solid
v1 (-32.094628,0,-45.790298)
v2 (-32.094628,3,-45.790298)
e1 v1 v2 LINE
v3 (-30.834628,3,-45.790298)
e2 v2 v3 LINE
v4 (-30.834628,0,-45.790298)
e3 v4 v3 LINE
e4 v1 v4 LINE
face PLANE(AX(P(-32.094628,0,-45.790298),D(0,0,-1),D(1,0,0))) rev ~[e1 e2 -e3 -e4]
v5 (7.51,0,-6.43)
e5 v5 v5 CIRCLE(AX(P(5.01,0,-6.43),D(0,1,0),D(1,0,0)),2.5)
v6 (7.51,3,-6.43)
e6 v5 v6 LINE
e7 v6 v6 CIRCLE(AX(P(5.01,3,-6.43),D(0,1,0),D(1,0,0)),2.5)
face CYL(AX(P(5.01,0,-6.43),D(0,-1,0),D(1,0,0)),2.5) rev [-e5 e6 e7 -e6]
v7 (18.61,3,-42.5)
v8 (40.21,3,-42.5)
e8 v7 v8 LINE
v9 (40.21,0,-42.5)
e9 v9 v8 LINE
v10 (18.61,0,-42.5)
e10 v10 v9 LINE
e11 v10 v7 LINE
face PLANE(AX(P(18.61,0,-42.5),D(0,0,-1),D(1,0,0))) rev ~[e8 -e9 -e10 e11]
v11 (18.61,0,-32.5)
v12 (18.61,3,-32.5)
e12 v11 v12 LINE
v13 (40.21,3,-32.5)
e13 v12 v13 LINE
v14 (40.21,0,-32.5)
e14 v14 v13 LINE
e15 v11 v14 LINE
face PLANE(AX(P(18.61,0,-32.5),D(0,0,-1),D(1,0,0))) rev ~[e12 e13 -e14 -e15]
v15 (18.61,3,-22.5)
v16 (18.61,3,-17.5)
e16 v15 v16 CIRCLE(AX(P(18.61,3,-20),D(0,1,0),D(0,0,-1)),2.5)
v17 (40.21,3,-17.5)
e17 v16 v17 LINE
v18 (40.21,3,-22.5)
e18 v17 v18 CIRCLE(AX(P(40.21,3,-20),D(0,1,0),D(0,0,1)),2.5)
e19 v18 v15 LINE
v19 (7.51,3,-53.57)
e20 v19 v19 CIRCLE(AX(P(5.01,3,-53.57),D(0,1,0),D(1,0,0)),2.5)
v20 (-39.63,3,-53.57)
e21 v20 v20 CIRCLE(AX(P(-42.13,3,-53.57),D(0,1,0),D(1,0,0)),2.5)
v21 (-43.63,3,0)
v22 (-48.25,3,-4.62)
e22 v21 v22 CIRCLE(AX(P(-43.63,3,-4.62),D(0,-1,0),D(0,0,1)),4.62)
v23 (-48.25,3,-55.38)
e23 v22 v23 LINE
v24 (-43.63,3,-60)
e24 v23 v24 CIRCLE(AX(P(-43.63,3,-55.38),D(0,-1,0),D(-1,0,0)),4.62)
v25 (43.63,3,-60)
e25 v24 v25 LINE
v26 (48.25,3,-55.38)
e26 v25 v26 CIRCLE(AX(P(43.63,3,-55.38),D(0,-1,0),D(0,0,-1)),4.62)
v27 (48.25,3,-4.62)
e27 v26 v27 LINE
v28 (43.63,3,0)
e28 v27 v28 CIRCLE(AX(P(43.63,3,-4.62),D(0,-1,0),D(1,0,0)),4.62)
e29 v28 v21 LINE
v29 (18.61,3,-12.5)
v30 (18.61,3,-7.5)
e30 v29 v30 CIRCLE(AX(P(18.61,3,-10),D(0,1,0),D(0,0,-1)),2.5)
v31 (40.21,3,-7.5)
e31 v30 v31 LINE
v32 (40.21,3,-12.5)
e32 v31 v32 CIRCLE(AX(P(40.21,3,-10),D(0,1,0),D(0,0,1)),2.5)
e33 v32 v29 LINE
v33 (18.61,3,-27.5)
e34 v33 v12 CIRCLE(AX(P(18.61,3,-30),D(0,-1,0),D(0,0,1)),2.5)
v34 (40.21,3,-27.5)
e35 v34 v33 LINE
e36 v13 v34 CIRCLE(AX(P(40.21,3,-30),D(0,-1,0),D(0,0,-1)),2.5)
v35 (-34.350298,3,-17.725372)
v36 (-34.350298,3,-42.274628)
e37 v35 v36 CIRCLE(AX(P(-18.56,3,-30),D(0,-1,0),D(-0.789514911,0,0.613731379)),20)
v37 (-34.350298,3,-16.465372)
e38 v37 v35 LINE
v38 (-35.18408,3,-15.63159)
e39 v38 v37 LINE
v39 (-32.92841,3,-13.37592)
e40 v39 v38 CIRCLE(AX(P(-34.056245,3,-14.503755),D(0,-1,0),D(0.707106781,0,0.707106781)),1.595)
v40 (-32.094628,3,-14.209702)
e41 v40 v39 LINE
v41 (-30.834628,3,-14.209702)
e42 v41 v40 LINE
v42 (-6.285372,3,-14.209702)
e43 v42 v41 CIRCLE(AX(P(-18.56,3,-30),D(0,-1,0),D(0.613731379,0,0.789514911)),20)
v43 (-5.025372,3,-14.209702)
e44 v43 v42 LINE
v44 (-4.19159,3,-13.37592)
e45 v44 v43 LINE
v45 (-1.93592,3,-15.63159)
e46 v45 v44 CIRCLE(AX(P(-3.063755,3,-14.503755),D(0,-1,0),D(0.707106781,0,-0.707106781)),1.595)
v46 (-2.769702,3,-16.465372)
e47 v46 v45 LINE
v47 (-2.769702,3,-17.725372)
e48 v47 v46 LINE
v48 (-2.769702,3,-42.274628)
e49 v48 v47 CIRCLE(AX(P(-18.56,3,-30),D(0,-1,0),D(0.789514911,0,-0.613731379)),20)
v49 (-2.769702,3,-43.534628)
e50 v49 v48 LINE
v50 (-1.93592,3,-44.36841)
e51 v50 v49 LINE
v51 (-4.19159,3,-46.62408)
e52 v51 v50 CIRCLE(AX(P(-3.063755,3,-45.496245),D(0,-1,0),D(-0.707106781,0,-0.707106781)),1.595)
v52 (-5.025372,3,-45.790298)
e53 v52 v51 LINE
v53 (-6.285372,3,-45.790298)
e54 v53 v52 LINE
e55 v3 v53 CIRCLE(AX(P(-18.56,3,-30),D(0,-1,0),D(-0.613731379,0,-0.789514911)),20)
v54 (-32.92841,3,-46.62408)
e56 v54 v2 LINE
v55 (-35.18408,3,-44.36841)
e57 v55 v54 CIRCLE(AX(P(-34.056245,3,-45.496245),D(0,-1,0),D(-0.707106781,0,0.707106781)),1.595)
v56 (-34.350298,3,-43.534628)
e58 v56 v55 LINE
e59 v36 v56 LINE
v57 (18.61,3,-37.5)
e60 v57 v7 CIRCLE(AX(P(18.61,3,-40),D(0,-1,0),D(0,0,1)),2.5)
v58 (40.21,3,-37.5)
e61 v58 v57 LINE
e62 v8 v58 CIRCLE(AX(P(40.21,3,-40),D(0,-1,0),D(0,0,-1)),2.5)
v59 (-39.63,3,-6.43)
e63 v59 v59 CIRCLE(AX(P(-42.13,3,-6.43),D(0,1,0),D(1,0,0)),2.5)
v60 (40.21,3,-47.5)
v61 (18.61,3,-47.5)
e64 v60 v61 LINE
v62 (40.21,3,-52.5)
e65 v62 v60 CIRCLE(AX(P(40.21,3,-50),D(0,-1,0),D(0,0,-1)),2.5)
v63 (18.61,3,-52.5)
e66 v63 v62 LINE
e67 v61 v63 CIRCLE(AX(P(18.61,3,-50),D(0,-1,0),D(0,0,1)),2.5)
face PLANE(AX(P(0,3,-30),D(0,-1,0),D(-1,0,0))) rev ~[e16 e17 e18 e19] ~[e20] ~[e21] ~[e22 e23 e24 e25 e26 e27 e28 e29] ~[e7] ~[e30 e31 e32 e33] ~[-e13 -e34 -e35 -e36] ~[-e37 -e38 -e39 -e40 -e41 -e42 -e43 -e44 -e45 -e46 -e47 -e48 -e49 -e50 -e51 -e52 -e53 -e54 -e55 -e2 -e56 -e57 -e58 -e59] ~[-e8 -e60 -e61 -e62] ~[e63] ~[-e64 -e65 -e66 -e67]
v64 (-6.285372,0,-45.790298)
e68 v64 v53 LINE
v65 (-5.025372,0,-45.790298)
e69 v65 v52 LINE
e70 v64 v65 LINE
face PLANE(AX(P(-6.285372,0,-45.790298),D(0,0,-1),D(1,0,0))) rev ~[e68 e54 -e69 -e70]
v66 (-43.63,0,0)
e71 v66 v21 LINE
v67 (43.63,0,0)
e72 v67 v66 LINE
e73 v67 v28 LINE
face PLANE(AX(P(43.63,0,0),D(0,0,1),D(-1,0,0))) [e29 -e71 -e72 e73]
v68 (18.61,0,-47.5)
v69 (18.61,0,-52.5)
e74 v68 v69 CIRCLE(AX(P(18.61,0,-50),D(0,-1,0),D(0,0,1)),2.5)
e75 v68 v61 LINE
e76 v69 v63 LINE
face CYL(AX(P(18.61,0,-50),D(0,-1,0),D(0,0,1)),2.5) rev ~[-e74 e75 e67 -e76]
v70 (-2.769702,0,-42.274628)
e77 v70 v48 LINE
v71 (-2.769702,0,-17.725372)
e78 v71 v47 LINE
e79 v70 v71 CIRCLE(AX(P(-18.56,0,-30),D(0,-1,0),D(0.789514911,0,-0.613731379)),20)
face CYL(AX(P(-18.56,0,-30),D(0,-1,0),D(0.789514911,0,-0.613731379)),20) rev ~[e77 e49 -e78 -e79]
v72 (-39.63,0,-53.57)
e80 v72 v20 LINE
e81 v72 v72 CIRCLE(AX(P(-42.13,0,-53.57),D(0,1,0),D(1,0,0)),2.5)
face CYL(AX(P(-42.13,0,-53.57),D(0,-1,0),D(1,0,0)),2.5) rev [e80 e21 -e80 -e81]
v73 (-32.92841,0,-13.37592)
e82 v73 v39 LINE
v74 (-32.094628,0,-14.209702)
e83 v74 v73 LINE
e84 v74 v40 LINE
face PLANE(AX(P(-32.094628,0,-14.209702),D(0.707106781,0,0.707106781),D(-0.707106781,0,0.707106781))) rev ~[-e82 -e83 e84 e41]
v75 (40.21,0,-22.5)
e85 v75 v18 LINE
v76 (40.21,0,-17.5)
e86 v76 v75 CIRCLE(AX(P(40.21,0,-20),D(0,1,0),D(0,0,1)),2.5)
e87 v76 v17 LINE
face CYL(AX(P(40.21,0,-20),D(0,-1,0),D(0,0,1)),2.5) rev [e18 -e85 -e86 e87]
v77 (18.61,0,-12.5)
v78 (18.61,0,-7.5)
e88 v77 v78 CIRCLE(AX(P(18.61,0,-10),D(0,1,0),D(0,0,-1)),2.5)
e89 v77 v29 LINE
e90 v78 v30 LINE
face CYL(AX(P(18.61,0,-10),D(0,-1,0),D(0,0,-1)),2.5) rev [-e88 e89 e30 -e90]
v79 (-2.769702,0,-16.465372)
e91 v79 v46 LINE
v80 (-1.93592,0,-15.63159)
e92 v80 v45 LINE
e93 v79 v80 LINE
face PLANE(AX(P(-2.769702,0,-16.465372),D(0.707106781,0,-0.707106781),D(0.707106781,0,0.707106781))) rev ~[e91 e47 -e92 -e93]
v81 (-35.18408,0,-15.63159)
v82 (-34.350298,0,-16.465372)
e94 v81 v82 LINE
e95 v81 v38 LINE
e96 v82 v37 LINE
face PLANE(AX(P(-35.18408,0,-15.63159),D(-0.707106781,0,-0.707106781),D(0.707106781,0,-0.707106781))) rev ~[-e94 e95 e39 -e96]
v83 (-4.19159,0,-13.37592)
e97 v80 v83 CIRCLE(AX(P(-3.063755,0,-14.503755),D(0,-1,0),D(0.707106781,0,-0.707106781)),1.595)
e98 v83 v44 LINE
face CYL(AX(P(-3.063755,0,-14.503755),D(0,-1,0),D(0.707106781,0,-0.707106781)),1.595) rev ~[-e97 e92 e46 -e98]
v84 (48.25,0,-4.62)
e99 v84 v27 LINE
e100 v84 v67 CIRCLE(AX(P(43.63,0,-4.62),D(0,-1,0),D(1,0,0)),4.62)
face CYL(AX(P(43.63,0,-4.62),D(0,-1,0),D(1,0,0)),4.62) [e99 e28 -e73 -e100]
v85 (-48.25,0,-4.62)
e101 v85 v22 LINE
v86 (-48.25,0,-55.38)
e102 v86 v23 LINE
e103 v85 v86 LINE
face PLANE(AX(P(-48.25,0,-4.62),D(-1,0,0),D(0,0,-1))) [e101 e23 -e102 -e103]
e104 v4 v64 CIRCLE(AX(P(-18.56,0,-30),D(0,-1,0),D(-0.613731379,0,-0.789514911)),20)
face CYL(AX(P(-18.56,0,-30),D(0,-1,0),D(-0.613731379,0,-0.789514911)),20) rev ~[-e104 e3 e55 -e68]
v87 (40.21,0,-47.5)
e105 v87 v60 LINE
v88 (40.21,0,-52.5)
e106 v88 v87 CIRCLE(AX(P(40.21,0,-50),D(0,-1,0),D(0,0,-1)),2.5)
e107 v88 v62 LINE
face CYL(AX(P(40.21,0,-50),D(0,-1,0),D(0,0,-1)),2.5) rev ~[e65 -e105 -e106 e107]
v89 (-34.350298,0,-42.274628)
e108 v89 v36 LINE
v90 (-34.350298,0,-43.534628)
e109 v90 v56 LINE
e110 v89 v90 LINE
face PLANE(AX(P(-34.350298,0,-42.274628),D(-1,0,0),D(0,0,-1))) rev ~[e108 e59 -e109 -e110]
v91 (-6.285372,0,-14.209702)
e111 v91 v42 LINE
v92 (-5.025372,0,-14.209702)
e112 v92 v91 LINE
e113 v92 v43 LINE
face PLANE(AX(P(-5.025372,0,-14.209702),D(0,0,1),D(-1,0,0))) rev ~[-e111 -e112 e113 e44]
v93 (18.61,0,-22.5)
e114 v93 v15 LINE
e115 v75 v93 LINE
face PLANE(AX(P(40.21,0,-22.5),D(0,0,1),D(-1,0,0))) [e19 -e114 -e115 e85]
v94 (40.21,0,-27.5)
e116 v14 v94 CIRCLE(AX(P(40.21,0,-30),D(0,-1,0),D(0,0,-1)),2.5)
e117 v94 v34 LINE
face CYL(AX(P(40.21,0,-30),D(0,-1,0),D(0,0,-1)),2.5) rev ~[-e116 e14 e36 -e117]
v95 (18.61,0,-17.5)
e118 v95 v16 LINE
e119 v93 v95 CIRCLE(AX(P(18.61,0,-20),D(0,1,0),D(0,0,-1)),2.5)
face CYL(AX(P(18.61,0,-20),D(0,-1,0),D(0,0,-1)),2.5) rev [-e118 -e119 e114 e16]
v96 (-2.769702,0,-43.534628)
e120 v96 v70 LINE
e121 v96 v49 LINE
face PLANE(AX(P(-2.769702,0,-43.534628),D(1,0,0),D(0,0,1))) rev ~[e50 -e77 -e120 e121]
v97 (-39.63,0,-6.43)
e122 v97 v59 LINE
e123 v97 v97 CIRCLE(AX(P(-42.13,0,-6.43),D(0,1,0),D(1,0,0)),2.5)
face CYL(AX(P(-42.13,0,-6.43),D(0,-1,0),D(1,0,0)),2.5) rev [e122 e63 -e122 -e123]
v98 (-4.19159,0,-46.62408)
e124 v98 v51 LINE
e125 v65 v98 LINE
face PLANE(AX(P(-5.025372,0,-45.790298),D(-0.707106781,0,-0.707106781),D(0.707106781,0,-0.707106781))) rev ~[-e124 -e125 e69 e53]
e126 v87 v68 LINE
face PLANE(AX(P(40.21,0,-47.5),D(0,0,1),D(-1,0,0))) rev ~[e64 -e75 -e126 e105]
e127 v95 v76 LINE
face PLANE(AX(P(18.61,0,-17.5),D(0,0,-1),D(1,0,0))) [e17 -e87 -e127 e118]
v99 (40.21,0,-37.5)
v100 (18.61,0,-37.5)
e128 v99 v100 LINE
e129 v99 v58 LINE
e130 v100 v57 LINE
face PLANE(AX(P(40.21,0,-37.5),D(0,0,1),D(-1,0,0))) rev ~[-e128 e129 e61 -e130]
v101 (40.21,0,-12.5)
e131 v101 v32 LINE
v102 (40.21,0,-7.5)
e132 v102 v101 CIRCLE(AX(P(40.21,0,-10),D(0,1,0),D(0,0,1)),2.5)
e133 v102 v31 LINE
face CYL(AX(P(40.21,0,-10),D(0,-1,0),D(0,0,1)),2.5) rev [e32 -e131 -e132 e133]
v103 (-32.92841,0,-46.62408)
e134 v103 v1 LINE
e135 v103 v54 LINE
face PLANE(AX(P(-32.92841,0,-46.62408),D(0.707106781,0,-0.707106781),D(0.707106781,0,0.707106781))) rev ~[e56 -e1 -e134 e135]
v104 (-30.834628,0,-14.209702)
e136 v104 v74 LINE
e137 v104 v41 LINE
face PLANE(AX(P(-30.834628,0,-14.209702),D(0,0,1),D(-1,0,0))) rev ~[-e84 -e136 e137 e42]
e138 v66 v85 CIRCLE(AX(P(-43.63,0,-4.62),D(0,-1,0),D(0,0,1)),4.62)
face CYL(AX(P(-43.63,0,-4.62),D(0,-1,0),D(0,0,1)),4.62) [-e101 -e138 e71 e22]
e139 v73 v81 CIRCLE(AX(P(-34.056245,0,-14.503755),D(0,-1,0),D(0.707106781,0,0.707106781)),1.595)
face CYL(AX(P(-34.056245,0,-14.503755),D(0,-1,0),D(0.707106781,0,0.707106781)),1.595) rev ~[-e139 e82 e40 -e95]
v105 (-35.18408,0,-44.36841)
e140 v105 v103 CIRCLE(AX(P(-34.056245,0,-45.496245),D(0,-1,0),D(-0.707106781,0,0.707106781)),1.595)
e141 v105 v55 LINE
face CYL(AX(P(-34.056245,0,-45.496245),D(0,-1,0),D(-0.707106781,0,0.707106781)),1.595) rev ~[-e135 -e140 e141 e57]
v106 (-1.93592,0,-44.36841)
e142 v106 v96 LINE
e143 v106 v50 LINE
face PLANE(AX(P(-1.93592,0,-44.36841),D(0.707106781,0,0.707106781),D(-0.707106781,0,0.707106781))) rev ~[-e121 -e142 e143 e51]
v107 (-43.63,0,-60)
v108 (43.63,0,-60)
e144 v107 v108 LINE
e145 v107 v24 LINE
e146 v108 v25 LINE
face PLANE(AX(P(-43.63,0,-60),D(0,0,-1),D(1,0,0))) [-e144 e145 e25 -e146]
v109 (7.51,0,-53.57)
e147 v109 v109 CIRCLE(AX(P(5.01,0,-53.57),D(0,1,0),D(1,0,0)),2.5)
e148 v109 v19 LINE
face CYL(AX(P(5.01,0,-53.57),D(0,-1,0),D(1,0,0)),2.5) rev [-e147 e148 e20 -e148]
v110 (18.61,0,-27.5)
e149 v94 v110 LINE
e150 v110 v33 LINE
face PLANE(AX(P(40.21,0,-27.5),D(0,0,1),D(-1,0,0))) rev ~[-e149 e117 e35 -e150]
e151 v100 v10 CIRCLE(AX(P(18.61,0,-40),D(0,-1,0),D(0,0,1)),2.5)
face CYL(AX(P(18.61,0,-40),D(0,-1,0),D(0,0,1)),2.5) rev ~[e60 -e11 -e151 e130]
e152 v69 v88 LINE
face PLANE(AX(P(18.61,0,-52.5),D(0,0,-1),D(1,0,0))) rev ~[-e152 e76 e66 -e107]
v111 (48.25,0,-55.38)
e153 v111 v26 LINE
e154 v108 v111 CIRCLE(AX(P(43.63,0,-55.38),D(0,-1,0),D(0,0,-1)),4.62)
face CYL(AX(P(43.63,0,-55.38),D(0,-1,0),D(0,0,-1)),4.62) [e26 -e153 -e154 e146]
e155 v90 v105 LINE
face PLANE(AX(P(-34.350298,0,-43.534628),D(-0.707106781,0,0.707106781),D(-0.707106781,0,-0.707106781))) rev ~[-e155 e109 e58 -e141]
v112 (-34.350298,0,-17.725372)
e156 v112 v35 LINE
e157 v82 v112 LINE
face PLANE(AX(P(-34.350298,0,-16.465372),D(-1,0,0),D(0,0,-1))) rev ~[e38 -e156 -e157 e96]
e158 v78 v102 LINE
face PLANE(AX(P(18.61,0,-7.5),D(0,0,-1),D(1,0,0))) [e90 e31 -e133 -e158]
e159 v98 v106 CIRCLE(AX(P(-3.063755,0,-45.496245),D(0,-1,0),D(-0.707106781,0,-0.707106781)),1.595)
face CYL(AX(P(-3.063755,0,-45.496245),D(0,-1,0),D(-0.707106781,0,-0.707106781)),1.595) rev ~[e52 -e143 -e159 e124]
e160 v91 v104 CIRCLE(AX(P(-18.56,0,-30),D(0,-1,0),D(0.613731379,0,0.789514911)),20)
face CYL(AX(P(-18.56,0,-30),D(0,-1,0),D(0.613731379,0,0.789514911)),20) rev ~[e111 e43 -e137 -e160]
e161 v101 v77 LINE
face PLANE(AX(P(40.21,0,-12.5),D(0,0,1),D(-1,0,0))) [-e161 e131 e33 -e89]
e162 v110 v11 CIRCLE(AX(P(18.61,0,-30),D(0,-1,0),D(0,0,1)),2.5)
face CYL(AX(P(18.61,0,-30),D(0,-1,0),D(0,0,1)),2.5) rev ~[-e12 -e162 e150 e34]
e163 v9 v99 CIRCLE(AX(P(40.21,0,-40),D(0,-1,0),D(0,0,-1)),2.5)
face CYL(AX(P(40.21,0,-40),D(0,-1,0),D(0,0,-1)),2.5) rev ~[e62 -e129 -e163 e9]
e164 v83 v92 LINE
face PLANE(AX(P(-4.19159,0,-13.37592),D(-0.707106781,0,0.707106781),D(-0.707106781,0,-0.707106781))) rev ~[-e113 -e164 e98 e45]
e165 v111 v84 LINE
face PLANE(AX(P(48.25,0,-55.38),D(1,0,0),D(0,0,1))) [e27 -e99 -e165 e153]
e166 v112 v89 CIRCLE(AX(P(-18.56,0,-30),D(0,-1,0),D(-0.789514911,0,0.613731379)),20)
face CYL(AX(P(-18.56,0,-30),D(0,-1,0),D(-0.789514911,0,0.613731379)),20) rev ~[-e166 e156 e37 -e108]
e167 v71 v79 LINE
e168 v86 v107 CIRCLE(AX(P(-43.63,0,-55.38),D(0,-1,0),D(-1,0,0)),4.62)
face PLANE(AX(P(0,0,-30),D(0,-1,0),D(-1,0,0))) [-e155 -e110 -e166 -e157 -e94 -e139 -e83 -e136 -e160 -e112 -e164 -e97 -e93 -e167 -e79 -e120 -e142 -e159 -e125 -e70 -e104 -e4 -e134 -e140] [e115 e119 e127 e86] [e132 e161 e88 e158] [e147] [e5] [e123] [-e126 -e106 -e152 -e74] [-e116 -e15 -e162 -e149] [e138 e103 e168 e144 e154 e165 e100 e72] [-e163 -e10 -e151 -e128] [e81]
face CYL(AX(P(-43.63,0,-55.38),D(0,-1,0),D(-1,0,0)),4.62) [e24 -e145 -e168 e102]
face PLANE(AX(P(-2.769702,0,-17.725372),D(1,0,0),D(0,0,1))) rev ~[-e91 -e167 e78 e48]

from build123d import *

# Parameters (mm, degrees)
SKETCH2_R           = 2.5
BOSS_EXTRUDE1_DEPTH = 3


with BuildPart() as part:
    # Sketch2 → Boss-Extrude1 (new body)
    with BuildSketch(Plane(origin=(0, 0, 0), x_dir=(1, 0, 0), z_dir=(0, 1, 0))):
        with BuildLine():
            Line((-43.63, 60), (43.63, 60))
            ThreePointArc((43.63, 60), (46.896833329, 58.646833329), (48.25, 55.38))
            Line((48.25, 55.38), (48.25, 4.62))
            ThreePointArc((48.25, 4.62), (46.896833329, 1.353166671), (43.63, 0))
            Line((43.63, 0), (-43.63, 0))
            ThreePointArc((-43.63, 0), (-46.896833329, 1.353166671), (-48.25, 4.62))
            Line((-48.25, 4.62), (-48.25, 55.38))
            ThreePointArc((-48.25, 55.38), (-46.896833329, 58.646833329), (-43.63, 60))
        make_face()
        with Locations((-42.13, 6.43)):
            Circle(SKETCH2_R, mode=Mode.SUBTRACT)
        with Locations((-42.13, 53.57)):
            Circle(SKETCH2_R, mode=Mode.SUBTRACT)
        with Locations((5.01, 53.57)):
            Circle(SKETCH2_R, mode=Mode.SUBTRACT)
        with Locations((5.01, 6.43)):
            Circle(SKETCH2_R, mode=Mode.SUBTRACT)
        with BuildLine():
            Line((18.61, 52.5), (40.21, 52.5))
            ThreePointArc((40.21, 52.5), (42.71, 50), (40.21, 47.5))
            Line((40.21, 47.5), (18.61, 47.5))
            ThreePointArc((18.61, 47.5), (16.11, 50), (18.61, 52.5))
        make_face(mode=Mode.SUBTRACT)
        with BuildLine():
            Line((18.61, 7.5), (40.21, 7.5))
            ThreePointArc((40.21, 7.5), (42.71, 10), (40.21, 12.5))
            Line((40.21, 12.5), (18.61, 12.5))
            ThreePointArc((18.61, 12.5), (16.11, 10), (18.61, 7.5))
        make_face(mode=Mode.SUBTRACT)
        with BuildLine():
            Line((18.61, 32.5), (40.21, 32.5))
            ThreePointArc((40.21, 32.5), (42.71, 30), (40.21, 27.5))
            Line((40.21, 27.5), (18.61, 27.5))
            ThreePointArc((18.61, 27.5), (16.11, 30), (18.61, 32.5))
        make_face(mode=Mode.SUBTRACT)
        with BuildLine():
            Line((18.61, 42.5), (40.21, 42.5))
            ThreePointArc((40.21, 42.5), (42.71, 40), (40.21, 37.5))
            Line((40.21, 37.5), (18.61, 37.5))
            ThreePointArc((18.61, 37.5), (16.11, 40), (18.61, 42.5))
        make_face(mode=Mode.SUBTRACT)
        with BuildLine():
            Line((18.61, 17.5), (40.21, 17.5))
            ThreePointArc((40.21, 17.5), (42.71, 20), (40.21, 22.5))
            Line((40.21, 22.5), (18.61, 22.5))
            ThreePointArc((18.61, 22.5), (16.11, 20), (18.61, 17.5))
        make_face(mode=Mode.SUBTRACT)
        with BuildLine():
            Line((-5.025372417, 45.790298215), (-4.191590206, 46.624080426))
            ThreePointArc((-4.191590206, 46.624080426), (-1.935919574, 46.624080426), (-1.935919574, 44.368409794))
            Line((-1.935919574, 44.368409794), (-2.769701785, 43.534627583))
            Line((-2.769701785, 43.534627583), (-2.769701785, 42.274627583))
            ThreePointArc((-2.769701785, 42.274627583), (1.44, 30), (-2.769701785, 17.725372417))
            Line((-2.769701785, 17.725372417), (-2.769701785, 16.465372417))
            Line((-2.769701785, 16.465372417), (-1.935919574, 15.631590206))
            ThreePointArc((-1.935919574, 15.631590206), (-1.935919574, 13.375919574), (-4.191590206, 13.375919574))
            Line((-4.191590206, 13.375919574), (-5.025372417, 14.209701785))
            Line((-5.025372417, 14.209701785), (-6.285372417, 14.209701785))
            ThreePointArc((-6.285372417, 14.209701785), (-18.56, 10), (-30.834627583, 14.209701785))
            Line((-30.834627583, 14.209701785), (-32.094627583, 14.209701785))
            Line((-32.094627583, 14.209701785), (-32.928409794, 13.375919574))
            ThreePointArc((-32.928409794, 13.375919574), (-35.184080426, 13.375919574), (-35.184080426, 15.631590206))
            Line((-35.184080426, 15.631590206), (-34.350298215, 16.465372417))
            Line((-34.350298215, 16.465372417), (-34.350298215, 17.725372417))
            ThreePointArc((-34.350298215, 17.725372417), (-38.56, 30), (-34.350298215, 42.274627583))
            Line((-34.350298215, 42.274627583), (-34.350298215, 43.534627583))
            Line((-34.350298215, 43.534627583), (-35.184080426, 44.368409794))
            ThreePointArc((-35.184080426, 44.368409794), (-35.184080426, 46.624080426), (-32.928409794, 46.624080426))
            Line((-32.928409794, 46.624080426), (-32.094627583, 45.790298215))
            Line((-32.094627583, 45.790298215), (-30.834627583, 45.790298215))
            ThreePointArc((-30.834627583, 45.790298215), (-18.56, 50), (-6.285372417, 45.790298215))
            Line((-6.285372417, 45.790298215), (-5.025372417, 45.790298215))
        make_face(mode=Mode.SUBTRACT)
    extrude(amount=BOSS_EXTRUDE1_DEPTH)


solid = part.part
